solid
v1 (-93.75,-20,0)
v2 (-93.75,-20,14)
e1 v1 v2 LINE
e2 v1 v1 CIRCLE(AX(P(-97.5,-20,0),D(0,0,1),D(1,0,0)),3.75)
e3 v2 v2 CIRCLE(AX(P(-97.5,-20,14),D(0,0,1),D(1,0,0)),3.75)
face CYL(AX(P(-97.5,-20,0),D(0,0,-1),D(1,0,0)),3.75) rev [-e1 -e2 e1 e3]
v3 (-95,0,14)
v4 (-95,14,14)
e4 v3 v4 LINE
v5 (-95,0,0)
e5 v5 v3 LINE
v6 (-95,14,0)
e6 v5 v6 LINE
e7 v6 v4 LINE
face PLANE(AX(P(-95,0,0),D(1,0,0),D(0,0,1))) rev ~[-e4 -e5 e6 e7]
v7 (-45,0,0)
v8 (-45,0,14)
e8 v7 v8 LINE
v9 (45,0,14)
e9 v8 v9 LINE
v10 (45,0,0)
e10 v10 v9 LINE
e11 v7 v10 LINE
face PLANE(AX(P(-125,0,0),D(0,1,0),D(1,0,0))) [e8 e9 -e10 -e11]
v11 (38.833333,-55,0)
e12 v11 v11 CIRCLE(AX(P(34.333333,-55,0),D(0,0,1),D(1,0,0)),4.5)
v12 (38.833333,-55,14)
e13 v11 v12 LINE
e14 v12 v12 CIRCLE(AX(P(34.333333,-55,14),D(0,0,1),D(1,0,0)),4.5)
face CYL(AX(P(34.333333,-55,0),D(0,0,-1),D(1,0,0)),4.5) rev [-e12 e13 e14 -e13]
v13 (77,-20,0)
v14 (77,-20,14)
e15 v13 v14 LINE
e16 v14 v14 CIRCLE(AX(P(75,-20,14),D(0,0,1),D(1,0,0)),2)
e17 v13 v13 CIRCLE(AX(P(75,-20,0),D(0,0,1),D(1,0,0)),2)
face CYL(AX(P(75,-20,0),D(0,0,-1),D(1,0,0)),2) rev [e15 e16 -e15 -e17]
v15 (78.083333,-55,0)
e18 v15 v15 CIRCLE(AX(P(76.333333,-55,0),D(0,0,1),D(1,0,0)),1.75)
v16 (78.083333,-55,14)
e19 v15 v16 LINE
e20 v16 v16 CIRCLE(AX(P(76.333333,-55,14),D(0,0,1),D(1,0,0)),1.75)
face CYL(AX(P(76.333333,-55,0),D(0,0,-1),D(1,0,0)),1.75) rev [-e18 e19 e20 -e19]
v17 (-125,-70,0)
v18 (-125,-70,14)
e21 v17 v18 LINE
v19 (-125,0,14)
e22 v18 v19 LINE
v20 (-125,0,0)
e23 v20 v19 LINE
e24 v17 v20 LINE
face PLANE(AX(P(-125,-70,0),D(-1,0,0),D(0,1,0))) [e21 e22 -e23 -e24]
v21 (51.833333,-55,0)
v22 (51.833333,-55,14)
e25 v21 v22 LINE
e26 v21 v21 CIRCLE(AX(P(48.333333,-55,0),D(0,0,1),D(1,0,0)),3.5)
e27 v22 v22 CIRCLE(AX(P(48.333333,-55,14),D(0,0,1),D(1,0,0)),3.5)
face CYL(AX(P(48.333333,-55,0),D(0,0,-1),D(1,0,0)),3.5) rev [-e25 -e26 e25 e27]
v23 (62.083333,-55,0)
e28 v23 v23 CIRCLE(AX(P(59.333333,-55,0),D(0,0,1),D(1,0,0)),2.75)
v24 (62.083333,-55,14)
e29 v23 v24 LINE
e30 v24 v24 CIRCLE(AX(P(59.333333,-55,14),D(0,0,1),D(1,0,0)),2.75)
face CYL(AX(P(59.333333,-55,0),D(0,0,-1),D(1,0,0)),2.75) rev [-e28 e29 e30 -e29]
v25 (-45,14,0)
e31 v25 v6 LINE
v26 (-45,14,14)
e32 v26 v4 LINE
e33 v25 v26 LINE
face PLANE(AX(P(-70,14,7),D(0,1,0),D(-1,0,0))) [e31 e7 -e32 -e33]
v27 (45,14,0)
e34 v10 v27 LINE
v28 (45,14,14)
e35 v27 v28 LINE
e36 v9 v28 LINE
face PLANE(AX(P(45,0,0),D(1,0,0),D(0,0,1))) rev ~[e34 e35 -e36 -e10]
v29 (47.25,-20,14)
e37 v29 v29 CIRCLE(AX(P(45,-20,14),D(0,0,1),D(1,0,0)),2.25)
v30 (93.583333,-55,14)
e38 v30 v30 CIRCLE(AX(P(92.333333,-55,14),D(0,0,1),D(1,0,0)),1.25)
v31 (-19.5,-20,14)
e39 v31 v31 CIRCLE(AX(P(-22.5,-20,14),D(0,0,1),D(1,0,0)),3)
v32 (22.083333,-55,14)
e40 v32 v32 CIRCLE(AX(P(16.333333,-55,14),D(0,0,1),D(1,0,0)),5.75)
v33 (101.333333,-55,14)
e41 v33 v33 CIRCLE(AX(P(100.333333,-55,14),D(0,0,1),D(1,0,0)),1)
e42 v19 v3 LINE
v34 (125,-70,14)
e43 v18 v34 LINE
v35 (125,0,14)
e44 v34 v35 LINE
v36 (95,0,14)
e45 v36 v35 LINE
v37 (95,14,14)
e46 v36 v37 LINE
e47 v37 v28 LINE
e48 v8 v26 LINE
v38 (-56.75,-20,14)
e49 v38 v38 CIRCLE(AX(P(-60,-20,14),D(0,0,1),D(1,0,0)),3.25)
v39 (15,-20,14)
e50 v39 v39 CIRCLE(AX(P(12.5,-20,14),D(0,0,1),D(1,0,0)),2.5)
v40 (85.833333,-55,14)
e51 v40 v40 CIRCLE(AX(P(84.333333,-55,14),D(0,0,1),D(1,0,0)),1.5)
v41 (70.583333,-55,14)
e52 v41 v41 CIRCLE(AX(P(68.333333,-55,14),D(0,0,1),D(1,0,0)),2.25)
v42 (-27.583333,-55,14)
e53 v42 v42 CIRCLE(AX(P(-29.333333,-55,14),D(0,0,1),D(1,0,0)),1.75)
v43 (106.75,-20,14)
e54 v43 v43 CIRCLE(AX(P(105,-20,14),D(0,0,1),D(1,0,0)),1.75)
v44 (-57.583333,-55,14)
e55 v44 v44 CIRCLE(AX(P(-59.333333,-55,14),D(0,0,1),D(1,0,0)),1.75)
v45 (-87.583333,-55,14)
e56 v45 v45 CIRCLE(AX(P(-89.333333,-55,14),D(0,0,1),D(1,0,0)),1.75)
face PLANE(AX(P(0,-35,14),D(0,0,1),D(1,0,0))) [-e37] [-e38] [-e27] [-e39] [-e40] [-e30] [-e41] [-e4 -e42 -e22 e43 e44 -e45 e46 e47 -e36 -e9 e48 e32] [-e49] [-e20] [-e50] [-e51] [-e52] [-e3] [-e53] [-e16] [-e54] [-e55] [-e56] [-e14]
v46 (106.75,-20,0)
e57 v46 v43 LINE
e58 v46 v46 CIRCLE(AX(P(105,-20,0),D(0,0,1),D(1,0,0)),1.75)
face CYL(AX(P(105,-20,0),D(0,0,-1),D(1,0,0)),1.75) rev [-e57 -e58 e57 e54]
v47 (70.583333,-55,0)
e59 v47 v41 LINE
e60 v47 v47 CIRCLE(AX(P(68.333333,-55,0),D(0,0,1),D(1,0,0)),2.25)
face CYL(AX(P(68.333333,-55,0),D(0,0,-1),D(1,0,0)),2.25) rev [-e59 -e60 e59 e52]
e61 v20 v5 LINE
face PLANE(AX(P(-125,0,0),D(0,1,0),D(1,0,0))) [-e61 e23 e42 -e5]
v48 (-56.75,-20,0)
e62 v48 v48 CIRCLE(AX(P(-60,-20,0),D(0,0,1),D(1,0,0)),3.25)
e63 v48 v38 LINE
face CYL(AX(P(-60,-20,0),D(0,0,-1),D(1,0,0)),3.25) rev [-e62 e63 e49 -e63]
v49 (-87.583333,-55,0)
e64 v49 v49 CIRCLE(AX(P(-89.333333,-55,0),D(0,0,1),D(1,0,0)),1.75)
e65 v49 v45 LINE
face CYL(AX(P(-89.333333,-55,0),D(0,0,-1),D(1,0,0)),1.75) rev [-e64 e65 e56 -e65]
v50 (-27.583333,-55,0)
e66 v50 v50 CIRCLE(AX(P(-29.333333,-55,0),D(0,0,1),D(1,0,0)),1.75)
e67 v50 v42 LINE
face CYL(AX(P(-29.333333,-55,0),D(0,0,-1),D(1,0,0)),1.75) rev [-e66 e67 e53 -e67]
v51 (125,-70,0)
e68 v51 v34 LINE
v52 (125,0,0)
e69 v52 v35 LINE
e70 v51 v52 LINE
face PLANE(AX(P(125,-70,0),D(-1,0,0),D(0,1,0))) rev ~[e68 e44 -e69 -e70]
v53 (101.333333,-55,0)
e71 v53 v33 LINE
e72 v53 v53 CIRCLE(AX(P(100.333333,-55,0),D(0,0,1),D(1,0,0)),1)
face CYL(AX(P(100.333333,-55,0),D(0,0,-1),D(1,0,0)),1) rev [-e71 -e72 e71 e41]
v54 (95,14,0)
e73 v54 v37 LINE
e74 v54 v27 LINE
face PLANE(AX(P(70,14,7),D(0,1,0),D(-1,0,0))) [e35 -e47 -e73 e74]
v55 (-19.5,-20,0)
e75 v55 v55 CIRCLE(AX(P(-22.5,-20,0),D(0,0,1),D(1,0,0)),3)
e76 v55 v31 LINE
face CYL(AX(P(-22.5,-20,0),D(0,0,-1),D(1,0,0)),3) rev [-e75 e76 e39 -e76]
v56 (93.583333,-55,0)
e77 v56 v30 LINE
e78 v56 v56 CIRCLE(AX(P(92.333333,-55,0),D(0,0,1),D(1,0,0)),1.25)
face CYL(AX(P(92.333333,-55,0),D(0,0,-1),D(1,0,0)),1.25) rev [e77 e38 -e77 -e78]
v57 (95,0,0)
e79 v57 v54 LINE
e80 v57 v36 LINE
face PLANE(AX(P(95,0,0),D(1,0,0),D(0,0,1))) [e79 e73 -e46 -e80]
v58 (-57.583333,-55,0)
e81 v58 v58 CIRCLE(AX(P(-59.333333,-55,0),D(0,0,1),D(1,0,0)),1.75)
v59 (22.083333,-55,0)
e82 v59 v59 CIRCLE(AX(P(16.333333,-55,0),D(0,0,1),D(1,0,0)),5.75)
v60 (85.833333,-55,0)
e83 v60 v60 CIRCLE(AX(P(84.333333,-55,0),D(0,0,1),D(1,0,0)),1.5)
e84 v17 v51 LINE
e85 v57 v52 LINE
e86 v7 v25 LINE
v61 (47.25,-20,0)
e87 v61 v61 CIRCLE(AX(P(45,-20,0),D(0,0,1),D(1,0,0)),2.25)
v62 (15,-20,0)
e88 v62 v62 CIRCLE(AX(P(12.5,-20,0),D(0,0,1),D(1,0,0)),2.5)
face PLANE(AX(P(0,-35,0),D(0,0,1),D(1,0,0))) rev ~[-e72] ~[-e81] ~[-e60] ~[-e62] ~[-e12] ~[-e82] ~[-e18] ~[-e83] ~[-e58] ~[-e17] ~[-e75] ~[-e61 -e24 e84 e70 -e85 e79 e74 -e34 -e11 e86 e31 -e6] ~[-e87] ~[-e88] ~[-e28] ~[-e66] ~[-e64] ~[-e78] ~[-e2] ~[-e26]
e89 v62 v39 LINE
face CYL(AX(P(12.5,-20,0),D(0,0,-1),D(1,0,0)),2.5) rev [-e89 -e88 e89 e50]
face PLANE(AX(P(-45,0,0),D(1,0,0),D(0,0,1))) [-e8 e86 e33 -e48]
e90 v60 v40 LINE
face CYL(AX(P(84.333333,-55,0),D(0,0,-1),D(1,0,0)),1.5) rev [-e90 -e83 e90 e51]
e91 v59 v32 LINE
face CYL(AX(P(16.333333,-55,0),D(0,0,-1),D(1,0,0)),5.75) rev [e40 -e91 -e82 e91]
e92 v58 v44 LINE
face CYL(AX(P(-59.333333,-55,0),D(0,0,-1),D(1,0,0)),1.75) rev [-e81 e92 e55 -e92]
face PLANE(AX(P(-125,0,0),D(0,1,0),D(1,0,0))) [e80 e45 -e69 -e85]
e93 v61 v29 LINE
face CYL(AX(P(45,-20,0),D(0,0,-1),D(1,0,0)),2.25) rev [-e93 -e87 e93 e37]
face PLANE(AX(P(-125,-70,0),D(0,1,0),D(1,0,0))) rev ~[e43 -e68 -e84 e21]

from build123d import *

# Parameters (mm, degrees)
F0_W     = 250
F0_H     = 70
F0_R     = 1.75
F0_R_2   = 5.75
F0_R_3   = 4.5
F0_R_4   = 3.5
F0_R_5   = 2.75
F0_R_6   = 2.25
F0_R_7   = 1.5
F0_R_8   = 1.25
F0_R_9   = 1
F0_R_10  = 3.75
F0_R_11  = 3.25
F0_R_12  = 3
F0_R_13  = 2.5
F0_R_14  = 2
F1_DEPTH = 14
F2_W     = 50
F2_H     = 14
F3_DEPTH = 14


with BuildPart() as f1:
    # F0 (on Top) → F1 (new body)
    with BuildSketch(Plane.XY):
        with Locations((0, -35)):
            Rectangle(F0_W, F0_H)
        with Locations((-89.333333, -55)):
            Circle(F0_R, mode=Mode.SUBTRACT)
        with Locations((-59.333333, -55)):
            Circle(F0_R, mode=Mode.SUBTRACT)
        with Locations((-29.333333, -55)):
            Circle(F0_R, mode=Mode.SUBTRACT)
        with Locations((16.333333, -55)):
            Circle(F0_R_2, mode=Mode.SUBTRACT)
        with Locations((34.333333, -55)):
            Circle(F0_R_3, mode=Mode.SUBTRACT)
        with Locations((48.333333, -55)):
            Circle(F0_R_4, mode=Mode.SUBTRACT)
        with Locations((59.333333, -55)):
            Circle(F0_R_5, mode=Mode.SUBTRACT)
        with Locations((68.333333, -55)):
            Circle(F0_R_6, mode=Mode.SUBTRACT)
        with Locations((76.333333, -55)):
            Circle(F0_R, mode=Mode.SUBTRACT)
        with Locations((84.333333, -55)):
            Circle(F0_R_7, mode=Mode.SUBTRACT)
        with Locations((92.333333, -55)):
            Circle(F0_R_8, mode=Mode.SUBTRACT)
        with Locations((100.333333, -55)):
            Circle(F0_R_9, mode=Mode.SUBTRACT)
        with Locations((-97.5, -20)):
            Circle(F0_R_10, mode=Mode.SUBTRACT)
        with Locations((-60, -20)):
            Circle(F0_R_11, mode=Mode.SUBTRACT)
        with Locations((-22.5, -20)):
            Circle(F0_R_12, mode=Mode.SUBTRACT)
        with Locations((12.5, -20)):
            Circle(F0_R_13, mode=Mode.SUBTRACT)
        with Locations((45, -20)):
            Circle(F0_R_6, mode=Mode.SUBTRACT)
        with Locations((75, -20)):
            Circle(F0_R_14, mode=Mode.SUBTRACT)
        with Locations((105, -20)):
            Circle(F0_R, mode=Mode.SUBTRACT)
    extrude(amount=F1_DEPTH)

    # F2 (on face) → F3 (join)
    with BuildSketch(Plane(origin=(0, 0, 0), x_dir=(-1, 0, 0), z_dir=(0, 1, 0))):
        with Locations((70, 7)):
            Rectangle(F2_W, F2_H)
        with Locations((-70, 7)):
            Rectangle(F2_W, F2_H)
    extrude(amount=F3_DEPTH)


solid = f1.part
